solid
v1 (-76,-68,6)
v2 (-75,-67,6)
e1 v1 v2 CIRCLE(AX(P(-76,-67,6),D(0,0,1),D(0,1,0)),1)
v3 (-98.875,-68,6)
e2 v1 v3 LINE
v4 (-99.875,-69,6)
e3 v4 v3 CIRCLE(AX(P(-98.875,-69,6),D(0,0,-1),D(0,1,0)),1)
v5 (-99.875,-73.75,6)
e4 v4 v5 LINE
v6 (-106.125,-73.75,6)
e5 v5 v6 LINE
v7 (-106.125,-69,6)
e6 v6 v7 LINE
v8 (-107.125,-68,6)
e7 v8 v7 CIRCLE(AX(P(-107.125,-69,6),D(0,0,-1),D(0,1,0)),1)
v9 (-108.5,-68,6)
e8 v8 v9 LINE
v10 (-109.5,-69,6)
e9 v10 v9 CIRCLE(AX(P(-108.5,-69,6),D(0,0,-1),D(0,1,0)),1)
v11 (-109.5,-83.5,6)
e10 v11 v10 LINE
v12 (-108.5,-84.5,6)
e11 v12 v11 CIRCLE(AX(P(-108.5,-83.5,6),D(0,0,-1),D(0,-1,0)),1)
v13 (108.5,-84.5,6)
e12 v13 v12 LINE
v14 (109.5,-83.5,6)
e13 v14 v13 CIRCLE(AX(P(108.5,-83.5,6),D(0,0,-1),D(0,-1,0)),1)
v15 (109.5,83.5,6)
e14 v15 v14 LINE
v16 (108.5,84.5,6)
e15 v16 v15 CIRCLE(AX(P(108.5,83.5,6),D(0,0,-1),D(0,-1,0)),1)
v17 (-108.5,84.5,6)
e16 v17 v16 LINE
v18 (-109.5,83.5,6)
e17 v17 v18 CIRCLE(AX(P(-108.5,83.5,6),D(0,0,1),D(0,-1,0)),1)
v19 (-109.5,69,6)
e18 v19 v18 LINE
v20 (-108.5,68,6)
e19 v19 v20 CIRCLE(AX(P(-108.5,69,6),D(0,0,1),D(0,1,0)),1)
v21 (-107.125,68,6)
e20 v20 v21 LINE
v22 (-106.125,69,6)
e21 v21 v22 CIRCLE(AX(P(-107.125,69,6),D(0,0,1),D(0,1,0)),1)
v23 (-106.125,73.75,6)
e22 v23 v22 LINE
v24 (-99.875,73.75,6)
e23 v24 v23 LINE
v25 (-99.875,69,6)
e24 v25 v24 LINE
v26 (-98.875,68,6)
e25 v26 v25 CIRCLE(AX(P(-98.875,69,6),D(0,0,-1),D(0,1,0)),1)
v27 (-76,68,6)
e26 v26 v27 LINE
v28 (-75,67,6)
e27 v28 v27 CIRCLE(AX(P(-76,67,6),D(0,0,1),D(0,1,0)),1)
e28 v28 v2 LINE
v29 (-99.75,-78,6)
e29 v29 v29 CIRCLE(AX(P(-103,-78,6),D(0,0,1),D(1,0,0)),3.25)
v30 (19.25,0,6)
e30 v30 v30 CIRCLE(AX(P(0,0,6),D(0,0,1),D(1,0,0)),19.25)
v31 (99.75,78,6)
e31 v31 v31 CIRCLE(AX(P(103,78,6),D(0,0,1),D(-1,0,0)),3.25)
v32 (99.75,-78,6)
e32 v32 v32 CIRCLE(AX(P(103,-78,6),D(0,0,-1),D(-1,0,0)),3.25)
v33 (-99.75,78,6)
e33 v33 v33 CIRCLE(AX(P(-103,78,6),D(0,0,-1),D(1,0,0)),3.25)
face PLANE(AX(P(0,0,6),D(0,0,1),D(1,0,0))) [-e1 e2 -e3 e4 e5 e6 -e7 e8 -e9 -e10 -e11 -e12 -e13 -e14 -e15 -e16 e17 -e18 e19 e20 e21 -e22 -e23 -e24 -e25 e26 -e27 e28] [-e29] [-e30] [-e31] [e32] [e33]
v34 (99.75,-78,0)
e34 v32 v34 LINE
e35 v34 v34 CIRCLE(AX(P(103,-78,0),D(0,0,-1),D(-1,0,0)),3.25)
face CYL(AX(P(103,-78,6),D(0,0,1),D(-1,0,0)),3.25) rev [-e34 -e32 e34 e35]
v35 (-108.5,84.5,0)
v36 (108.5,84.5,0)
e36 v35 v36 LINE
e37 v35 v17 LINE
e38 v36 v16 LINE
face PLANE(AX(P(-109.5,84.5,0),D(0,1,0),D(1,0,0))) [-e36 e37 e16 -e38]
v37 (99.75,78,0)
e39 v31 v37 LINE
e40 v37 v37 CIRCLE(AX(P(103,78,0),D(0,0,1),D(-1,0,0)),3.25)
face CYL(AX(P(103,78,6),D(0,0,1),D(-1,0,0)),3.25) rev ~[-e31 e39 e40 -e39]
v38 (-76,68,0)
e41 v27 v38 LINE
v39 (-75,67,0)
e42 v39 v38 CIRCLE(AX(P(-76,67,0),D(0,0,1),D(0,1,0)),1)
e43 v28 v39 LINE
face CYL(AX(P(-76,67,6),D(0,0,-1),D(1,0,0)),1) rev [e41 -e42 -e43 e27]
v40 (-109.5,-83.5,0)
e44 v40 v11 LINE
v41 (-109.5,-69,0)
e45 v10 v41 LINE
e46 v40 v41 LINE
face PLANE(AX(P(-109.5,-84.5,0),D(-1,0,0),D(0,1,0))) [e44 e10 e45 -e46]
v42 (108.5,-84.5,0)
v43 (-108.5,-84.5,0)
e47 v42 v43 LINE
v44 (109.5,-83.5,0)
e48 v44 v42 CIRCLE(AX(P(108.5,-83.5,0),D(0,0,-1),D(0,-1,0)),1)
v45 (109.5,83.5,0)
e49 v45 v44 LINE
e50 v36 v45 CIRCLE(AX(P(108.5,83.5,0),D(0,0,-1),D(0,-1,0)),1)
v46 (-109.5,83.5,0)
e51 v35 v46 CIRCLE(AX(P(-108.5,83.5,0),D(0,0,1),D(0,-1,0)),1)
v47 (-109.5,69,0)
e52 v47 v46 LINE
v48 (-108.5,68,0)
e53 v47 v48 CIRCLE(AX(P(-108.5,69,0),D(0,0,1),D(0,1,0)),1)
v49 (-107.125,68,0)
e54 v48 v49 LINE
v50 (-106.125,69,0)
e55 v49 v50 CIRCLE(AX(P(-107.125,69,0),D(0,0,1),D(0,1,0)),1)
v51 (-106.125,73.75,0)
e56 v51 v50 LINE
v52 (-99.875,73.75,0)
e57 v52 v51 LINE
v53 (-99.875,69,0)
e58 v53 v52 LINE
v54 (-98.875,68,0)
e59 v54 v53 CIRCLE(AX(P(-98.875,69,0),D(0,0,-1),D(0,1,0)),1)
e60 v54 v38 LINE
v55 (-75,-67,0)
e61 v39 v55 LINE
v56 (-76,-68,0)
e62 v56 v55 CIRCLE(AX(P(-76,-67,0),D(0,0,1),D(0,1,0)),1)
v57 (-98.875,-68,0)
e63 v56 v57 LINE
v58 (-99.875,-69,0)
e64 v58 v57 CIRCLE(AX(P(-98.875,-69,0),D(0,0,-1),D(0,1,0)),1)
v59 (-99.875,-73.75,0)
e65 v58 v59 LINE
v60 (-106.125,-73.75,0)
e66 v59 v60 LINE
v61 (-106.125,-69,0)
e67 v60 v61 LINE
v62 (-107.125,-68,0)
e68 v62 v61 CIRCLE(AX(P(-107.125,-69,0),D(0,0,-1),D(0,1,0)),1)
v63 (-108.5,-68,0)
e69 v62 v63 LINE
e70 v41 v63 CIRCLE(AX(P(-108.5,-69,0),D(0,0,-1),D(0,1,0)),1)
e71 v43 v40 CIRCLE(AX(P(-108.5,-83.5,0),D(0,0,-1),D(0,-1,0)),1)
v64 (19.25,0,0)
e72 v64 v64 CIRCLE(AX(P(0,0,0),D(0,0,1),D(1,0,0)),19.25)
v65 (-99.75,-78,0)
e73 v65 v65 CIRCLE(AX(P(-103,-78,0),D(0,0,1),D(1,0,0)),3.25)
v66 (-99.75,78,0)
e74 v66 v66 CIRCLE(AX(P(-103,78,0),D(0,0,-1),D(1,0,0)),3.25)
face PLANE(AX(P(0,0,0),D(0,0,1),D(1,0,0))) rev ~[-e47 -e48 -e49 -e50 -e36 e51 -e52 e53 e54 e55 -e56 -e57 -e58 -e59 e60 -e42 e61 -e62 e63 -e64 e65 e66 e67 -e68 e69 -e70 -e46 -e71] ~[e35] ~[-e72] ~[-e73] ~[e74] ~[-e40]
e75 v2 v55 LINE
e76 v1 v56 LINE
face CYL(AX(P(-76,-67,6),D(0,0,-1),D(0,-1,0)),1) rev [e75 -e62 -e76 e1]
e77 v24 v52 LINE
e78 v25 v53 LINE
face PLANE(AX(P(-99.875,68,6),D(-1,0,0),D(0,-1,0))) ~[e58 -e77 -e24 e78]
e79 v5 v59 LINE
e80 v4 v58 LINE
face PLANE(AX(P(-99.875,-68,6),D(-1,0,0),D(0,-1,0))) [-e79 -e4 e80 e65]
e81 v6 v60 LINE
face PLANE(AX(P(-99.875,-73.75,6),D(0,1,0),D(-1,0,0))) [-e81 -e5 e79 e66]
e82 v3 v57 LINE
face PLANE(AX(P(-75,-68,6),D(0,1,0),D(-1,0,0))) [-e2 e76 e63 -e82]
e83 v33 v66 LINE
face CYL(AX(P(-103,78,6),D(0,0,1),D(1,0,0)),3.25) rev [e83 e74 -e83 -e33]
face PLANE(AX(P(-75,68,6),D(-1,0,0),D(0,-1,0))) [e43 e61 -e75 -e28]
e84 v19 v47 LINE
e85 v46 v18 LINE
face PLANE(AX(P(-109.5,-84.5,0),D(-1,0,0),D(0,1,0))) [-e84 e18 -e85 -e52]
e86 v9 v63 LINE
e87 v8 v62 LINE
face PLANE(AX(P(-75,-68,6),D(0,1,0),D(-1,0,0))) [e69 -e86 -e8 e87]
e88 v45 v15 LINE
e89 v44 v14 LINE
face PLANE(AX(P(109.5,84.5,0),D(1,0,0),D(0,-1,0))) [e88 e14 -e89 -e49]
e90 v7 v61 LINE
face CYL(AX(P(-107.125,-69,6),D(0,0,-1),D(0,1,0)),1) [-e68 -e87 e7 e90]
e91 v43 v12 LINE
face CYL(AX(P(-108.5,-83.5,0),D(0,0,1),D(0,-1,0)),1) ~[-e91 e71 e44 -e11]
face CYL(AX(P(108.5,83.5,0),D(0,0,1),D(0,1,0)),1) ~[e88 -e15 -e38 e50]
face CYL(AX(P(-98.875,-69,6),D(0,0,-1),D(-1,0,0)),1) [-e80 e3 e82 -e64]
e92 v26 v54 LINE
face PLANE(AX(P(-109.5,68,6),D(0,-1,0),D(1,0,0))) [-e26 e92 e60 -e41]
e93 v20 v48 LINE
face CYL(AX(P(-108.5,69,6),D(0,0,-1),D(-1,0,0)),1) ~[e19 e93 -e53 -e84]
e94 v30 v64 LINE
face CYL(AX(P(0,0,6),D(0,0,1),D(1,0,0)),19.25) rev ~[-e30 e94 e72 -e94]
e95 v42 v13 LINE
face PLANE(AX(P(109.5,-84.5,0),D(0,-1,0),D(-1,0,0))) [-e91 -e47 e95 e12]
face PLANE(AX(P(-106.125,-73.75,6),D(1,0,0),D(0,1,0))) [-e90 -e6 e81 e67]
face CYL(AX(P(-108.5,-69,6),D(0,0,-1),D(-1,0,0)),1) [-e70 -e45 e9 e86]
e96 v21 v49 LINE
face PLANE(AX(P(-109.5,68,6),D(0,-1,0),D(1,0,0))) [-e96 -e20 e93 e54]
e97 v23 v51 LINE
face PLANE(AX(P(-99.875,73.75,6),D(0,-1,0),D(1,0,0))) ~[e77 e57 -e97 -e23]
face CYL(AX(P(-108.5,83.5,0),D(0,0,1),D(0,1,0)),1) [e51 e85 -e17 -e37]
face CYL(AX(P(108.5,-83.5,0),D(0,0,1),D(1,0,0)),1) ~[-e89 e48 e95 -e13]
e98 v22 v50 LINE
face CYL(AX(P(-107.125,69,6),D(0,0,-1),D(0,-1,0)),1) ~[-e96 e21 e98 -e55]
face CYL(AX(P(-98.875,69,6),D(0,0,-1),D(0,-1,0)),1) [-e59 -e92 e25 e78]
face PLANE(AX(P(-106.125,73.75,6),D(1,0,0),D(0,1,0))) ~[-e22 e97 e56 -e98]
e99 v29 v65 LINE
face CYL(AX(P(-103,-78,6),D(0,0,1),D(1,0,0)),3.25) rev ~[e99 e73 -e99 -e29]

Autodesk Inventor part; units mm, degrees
sketch "Sketch1" plane through (0, 0, 0) normal (0, 0, 1) x (1, 0, 0)
  line L0 (-109.5, 84.5) -> (109.5, 84.5)
  line L1 (109.5, 84.5) -> (109.5, -84.5)
  line L2 (109.5, -84.5) -> (-109.5, -84.5)
  line L3 (-109.5, -84.5) -> (-109.5, 84.5)
  point P0 (0, 84.5)
  point P1 (0, 0)
  point P2 (-109.5, 0)
  dimension "d0" = 219
  dimension "d1" = 169
extrude "Extrusion1" add sketch "Sketch1" along normal blind 6
sketch "Sketch2" plane through (0, 0, 6) normal (0, 0, 1) x (1, 0, 0)
  line L0 (-103, -84.5) -> (-103, -78) construction
  circle A0 centre (-103, -78) radius 3.25
  line L1 (-103, -78) -> (-103, -74) construction
  line L2 (-106.25, -68) -> (-99.75, -68)
  line L3 (-99.75, -68) -> (-99.75, -74)
  line L4 (-99.75, -74) -> (-106.25, -74)
  line L5 (-106.25, -74) -> (-106.25, -68)
  line L6 (-109.5, -84.5) -> (-103, -84.5) construction
  point P0 (0, 0)
  dimension "d38" = 6.5
  dimension "d39" = 6.5
  dimension "d44" = 4
  dimension "d45" = 6.5
  dimension "d46" = 6
  dimension "d58" = 6.5
extrude "Extrusion2" cut sketch "Sketch2" against normal blind 6 contours A0
mirror "Mirror3" about plane through (0, 0, 0) normal (1, 0, 0) of "Extrusion2"
mirror "Mirror7" about plane through (0, 0, 0) normal (0, 1, 0) of "Extrusion2", "Mirror3"
sketch "Sketch7" plane through (0, 0, 6) normal (0, 0, 1) x (1, 0, 0)
  line L0 (-109.5, 84.5) -> (-109.5, -84.5) projected
  line L1 (-109.5, 68) -> (-75, 68)
  line L2 (-75, 68) -> (-75, -68)
  line L3 (-75, -68) -> (-109.5, -68)
  line L4 (-109.5, -68) -> (-109.5, 68)
  point P0 (0, 0)
  point P1 (-109.5, 0)
  point P2 (-109.5, 0)
  dimension "d40" = 34.5
  dimension "d41" = 136
extrude "Extrusion6" cut sketch "Sketch7" against normal blind 10
sketch "Sketch8" plane through (0, 0, 6) normal (0, 0, 1) x (1, 0, 0)
  circle A0 centre (-103, -78) radius 3.25 projected
  line L0 (-103, -78) -> (-103, -73.75) construction
  line L1 (-106.125, -68) -> (-99.875, -68)
  line L2 (-99.875, -68) -> (-99.875, -73.75)
  line L3 (-99.875, -73.75) -> (-106.125, -73.75)
  line L4 (-106.125, -73.75) -> (-106.125, -68)
  point P0 (0, 0)
  dimension "d47" = 4.25
  dimension "d48" = 6.25
  dimension "d49" = 5.75
extrude "Extrusion7" cut sketch "Sketch8" against normal blind 6 contours L1 L2 L3 L4
mirror "Mirror8" about plane through (0, 0, 0) normal (0, 1, 0) of "Extrusion7"
fillet "Fillet5" radius 1 12 edges at (-109.5, -84.5, 3) (109.5, -84.5, 3) (-75, -68, 3) (109.5, 84.5, 3) (-109.5, 84.5, 3) (-109.5, 68, 3) (-75, 68, 3) (-99.875, 68, 3) (-106.125, 68, 3) (-99.875, -68, 3) (-109.5, -68, 3) (-106.125, -68, 3)
sketch "Sketch9" plane through (0, 0, 6) normal (0, 0, 1) x (1, 0, 0)
  line L0 (-75, 44.5) -> (39, 44.5) construction
  line L1 (39, 44.5) -> (39, -44.5) construction
  line L2 (39, -44.5) -> (-75, -44.5) construction
  line L3 (-75, -44.5) -> (-75, 44.5) construction
  line L4 (-75, 67) -> (-75, -67) projected
  line L5 (39, 44.5) -> (-75, -44.5) construction
  circle A0 centre (0, 0) radius 19.25
  point P0 (-75, 0)
  point P1 (-75, 0)
  point P2 (-75, 0)
  dimension "d53" = 114
  dimension "d54" = 89
  dimension "d55" = 38.5
extrude "Extrusion8" cut sketch "Sketch9" against normal through all
equation "\"d7\" = d46"
properties part number "MDF_Top_Big_Mic" material "MDF Medium Density Fiberboard"
